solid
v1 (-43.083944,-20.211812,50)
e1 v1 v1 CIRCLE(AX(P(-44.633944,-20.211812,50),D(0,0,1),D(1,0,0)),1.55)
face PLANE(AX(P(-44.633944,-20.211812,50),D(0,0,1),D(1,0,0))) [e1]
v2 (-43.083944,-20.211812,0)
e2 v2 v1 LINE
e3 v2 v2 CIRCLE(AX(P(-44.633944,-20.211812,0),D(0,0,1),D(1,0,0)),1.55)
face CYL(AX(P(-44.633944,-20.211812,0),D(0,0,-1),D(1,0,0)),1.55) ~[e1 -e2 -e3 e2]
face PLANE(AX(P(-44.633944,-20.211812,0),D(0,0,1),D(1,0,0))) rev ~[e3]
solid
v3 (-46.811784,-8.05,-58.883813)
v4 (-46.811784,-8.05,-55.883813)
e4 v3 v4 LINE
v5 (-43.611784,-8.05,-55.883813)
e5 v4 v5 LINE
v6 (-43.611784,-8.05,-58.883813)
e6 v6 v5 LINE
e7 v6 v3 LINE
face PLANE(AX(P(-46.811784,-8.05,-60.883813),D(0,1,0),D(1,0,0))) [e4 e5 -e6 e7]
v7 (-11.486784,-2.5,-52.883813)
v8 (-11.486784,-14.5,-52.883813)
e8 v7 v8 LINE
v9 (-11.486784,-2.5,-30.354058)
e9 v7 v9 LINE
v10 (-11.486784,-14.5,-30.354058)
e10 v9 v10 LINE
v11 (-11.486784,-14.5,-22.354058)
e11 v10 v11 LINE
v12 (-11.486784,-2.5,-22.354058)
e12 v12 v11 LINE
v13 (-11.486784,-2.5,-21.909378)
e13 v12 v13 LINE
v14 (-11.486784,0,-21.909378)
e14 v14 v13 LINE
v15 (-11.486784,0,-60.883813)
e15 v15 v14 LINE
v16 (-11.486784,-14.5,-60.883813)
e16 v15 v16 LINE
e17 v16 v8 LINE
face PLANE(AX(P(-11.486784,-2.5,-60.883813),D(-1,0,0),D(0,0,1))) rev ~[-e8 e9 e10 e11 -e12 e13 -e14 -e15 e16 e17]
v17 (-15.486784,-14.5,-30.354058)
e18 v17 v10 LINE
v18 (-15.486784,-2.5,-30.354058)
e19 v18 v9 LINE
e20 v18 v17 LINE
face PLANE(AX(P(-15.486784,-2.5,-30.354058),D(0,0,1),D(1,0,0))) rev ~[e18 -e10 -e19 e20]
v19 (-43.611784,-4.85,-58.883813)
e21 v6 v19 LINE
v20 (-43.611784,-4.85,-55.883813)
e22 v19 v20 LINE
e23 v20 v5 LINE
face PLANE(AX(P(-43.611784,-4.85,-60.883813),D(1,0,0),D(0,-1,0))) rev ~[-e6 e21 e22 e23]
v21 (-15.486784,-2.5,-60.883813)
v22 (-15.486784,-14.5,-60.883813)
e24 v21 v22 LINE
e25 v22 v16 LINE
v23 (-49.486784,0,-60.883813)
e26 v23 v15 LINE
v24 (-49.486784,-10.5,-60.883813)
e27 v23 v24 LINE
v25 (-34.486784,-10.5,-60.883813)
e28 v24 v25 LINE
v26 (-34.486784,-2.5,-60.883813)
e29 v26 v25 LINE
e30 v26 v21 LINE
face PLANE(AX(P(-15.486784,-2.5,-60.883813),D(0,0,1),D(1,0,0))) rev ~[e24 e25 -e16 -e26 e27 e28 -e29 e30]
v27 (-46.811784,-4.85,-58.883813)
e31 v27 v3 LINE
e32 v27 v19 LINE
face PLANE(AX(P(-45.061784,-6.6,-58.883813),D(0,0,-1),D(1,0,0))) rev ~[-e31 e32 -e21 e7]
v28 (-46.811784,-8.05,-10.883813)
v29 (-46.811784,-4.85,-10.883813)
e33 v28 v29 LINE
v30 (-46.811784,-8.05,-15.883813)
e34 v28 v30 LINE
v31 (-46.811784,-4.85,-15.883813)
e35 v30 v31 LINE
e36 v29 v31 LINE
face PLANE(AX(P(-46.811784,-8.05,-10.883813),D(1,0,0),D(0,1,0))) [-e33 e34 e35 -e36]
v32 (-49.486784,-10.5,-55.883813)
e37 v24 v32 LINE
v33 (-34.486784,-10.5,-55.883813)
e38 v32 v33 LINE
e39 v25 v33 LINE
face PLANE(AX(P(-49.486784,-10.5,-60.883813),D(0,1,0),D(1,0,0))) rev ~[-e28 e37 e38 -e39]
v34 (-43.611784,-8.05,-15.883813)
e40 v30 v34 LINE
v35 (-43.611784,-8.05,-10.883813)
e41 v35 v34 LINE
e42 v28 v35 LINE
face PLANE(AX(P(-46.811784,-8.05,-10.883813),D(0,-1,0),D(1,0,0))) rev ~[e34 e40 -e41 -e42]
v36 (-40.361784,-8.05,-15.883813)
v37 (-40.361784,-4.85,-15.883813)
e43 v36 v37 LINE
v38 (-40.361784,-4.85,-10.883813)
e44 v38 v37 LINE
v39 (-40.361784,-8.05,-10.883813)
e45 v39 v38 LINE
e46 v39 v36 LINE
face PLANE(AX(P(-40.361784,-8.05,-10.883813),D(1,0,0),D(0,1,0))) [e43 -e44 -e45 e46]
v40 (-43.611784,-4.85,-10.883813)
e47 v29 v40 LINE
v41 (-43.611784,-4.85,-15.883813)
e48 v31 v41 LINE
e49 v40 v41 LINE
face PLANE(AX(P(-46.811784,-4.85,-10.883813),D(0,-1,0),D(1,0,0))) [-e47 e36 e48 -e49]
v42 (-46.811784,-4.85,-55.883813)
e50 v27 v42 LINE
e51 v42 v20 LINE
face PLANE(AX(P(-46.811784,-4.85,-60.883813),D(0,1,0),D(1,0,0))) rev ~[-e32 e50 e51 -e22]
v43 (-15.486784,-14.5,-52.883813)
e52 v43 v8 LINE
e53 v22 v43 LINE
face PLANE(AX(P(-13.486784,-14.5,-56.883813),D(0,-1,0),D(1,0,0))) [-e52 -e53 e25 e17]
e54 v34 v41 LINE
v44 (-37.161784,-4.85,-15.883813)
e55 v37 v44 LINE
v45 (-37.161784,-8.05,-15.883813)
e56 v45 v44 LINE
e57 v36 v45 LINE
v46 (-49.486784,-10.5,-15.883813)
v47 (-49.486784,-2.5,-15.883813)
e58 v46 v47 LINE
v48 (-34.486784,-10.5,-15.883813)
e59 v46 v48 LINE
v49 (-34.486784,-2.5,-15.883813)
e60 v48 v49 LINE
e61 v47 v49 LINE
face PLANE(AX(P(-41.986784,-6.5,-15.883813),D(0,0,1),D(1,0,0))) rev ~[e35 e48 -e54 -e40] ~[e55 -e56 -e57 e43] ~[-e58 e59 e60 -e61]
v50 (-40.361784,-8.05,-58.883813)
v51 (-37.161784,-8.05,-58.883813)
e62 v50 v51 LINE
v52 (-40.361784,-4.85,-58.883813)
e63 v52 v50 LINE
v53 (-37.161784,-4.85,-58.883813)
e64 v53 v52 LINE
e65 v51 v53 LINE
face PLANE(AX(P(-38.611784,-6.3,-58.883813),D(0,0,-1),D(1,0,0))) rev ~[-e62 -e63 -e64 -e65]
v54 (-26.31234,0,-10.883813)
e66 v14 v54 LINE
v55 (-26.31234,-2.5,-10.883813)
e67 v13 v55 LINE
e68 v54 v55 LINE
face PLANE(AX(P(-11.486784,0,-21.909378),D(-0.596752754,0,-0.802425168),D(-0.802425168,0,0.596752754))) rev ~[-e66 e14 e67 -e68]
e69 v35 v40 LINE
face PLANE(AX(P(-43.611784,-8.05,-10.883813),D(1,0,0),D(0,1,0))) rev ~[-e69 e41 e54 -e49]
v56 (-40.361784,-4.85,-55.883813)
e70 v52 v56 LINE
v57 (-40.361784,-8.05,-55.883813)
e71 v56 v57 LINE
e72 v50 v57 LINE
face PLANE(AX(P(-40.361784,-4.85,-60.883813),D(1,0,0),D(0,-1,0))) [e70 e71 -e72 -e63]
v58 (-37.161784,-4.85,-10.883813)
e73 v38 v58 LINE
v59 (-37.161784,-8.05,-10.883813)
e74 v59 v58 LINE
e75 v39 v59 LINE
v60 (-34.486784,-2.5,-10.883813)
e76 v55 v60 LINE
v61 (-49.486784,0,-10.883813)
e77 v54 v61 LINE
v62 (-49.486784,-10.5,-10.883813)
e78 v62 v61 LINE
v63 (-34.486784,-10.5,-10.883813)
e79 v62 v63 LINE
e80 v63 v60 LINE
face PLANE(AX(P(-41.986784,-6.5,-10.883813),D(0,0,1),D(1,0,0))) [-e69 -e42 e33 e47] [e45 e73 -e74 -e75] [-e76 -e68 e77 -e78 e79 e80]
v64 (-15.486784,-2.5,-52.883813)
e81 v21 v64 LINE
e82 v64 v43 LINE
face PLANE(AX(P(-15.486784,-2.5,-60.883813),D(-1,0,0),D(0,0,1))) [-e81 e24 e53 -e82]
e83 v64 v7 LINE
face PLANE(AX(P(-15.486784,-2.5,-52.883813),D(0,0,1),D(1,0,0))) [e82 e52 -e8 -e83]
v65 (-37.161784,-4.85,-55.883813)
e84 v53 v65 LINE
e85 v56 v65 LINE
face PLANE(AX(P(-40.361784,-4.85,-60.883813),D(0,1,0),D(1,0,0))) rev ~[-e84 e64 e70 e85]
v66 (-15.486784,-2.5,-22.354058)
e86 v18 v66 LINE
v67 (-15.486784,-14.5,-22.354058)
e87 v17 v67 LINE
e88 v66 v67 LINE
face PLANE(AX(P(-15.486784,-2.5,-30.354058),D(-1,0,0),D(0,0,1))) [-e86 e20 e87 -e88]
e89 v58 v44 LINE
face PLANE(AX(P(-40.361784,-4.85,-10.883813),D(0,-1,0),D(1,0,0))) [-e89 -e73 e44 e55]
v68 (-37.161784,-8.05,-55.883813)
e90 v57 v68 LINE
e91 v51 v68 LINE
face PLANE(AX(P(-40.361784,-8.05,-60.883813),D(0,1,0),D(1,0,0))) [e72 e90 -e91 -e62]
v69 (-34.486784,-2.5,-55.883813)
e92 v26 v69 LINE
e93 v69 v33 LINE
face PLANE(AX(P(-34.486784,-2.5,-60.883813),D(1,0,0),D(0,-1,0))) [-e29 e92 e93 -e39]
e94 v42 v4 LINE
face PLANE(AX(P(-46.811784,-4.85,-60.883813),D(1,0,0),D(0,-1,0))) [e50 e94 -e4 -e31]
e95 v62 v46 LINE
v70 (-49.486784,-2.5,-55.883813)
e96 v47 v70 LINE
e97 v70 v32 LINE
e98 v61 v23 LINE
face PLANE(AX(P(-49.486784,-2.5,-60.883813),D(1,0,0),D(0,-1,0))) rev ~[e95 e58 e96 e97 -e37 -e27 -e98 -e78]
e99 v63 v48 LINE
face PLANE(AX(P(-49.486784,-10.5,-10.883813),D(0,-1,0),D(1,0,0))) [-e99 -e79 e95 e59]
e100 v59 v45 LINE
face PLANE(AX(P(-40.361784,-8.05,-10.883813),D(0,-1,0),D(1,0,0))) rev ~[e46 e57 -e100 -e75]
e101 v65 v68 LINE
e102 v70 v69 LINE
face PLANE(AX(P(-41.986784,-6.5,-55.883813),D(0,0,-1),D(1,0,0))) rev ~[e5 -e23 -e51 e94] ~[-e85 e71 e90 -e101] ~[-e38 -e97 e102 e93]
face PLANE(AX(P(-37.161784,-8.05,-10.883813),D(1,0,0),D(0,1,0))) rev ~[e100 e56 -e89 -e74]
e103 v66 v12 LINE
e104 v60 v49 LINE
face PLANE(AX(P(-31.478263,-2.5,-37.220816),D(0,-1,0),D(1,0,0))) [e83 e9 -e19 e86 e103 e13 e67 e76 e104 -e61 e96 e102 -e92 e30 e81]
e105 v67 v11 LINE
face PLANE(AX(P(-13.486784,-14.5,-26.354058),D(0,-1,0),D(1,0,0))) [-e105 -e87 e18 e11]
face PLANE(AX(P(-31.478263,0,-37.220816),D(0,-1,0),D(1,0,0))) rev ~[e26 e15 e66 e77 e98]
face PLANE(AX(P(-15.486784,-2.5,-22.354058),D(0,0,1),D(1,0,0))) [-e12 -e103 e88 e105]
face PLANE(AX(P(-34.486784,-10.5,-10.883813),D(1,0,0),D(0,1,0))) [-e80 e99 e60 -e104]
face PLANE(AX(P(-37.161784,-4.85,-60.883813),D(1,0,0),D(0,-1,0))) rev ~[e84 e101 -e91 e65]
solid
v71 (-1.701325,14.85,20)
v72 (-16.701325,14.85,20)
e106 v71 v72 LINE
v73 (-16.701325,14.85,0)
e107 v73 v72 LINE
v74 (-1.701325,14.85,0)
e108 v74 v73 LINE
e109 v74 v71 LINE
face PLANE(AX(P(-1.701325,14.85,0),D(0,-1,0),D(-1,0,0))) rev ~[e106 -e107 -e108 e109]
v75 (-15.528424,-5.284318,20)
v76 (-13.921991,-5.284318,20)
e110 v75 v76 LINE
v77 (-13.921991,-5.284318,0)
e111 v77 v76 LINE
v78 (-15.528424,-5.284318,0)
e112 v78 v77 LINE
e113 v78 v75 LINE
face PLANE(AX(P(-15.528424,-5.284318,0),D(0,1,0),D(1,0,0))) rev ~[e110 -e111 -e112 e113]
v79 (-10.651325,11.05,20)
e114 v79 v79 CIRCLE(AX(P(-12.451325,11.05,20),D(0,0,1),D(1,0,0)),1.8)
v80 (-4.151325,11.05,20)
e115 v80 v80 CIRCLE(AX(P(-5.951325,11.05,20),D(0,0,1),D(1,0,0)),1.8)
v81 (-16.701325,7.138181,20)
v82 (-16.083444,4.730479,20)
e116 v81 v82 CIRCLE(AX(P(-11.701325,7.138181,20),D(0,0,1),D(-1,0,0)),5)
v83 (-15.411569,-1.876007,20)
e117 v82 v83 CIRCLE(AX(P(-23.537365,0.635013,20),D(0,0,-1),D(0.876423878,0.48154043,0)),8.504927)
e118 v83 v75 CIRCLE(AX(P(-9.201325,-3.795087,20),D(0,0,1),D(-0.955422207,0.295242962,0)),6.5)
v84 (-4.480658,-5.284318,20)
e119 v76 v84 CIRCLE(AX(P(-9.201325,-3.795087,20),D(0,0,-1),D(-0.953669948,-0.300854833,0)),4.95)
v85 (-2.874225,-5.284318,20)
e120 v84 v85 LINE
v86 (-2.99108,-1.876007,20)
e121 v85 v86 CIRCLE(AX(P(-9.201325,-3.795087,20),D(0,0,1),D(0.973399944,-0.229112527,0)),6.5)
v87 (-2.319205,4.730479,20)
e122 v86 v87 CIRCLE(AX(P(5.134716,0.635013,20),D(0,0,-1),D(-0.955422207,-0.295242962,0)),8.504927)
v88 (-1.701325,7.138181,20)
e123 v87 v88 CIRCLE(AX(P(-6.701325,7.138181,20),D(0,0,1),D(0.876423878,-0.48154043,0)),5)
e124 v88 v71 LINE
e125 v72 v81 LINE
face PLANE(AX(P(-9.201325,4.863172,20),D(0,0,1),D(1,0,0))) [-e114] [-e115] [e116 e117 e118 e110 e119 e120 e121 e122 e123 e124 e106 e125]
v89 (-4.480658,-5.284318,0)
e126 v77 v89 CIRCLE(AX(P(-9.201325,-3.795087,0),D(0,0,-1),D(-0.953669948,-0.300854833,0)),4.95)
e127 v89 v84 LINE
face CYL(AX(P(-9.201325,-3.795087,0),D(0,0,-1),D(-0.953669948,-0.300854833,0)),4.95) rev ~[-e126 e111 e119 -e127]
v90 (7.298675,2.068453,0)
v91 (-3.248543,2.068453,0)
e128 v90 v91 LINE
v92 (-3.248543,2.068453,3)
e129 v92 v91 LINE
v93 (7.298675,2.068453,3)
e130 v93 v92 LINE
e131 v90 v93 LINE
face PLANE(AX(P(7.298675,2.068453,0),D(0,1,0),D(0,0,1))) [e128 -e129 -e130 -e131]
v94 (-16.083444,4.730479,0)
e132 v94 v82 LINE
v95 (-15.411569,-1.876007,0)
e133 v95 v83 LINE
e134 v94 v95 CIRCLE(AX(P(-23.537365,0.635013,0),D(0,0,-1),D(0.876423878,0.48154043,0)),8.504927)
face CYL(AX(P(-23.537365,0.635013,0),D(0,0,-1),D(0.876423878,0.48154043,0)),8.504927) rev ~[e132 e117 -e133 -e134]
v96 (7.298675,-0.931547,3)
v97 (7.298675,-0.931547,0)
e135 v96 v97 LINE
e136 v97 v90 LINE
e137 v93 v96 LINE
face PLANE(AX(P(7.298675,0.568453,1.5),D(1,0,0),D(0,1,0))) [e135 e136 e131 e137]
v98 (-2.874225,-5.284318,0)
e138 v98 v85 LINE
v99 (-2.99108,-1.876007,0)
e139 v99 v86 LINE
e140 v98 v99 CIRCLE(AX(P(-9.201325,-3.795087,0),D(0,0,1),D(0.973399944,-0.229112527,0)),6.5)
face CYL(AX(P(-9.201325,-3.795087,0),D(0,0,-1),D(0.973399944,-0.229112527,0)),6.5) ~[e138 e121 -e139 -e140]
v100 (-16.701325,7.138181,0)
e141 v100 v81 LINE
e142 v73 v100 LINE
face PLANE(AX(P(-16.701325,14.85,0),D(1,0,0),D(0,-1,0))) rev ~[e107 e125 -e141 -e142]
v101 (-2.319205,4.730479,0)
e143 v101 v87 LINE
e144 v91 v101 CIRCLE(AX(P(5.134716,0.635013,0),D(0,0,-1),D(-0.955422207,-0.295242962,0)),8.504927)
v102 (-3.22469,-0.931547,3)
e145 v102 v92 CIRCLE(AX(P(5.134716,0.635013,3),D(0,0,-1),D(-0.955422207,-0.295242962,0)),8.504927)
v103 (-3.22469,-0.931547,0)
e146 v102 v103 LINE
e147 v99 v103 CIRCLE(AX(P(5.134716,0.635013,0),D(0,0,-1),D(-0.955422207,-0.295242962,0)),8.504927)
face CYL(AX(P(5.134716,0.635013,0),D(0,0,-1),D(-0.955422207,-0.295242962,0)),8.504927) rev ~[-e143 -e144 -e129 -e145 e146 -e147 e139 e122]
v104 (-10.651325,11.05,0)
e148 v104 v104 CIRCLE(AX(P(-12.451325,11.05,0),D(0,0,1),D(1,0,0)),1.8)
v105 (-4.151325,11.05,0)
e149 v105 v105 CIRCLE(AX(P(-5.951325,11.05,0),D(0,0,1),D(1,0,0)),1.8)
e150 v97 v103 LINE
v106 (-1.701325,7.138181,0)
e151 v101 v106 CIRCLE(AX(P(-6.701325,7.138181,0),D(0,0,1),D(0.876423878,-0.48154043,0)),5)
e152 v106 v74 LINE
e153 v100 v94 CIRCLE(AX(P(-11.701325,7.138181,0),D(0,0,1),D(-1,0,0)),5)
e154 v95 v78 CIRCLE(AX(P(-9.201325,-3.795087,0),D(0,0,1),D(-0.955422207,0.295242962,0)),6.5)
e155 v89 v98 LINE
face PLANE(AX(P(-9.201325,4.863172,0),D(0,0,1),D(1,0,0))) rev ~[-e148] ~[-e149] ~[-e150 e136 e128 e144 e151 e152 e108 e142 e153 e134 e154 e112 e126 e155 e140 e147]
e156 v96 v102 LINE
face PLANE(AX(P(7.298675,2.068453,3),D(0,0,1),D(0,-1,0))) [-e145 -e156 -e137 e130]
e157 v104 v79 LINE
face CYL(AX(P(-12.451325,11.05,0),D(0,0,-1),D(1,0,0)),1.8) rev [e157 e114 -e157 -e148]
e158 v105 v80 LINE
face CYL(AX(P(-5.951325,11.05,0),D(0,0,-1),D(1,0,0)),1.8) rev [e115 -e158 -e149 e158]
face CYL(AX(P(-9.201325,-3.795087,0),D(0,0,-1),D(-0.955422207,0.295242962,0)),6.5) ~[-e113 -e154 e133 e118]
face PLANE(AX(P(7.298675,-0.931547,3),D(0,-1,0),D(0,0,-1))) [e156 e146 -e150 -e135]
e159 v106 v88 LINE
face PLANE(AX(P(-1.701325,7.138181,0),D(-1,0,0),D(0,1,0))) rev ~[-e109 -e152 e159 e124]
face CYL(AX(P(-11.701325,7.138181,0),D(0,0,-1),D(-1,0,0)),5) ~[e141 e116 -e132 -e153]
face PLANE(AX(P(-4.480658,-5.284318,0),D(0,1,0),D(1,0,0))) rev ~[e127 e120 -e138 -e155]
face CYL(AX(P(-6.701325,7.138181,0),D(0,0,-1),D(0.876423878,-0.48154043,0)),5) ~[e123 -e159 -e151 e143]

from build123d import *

# Parameters (mm, degrees)
F0_R      = 1.8
F1_DEPTH  = 20
F2_R      = 1.55
F3_DEPTH  = 50
F5_DEPTH  = 2.5
F7_W      = 15
F7_H      = 8
F7_W_2    = 3.2
F7_H_2    = 3.2
F8_DEPTH  = 5
F10_W     = 15
F10_H     = 8
F10_W_2   = 3.2
F10_H_2   = 3.2
F11_DEPTH = 5
F8_FACE_W = 3.2
F8_FACE_H = 3.2
F12_DEPTH = 5
F13_DEPTH = 5
F15_W     = 3.5
F15_H     = 3.5
F16_DEPTH = 2
F21_W     = 4
F21_H     = 8
F22_DEPTH = 12


with BuildPart() as f1:
    # F0 (on Top) → F1 (new body)
    with BuildSketch(Plane.XY):
        with BuildLine():
            Line((-1.7013245255, 14.85), (-16.7013245255, 14.85))
            Line((-16.7013245255, 14.85), (-16.7013245255, 7.138181035))
            ThreePointArc((-16.7013245255, 7.138181035), (-16.5443915782, 5.8953208166), (-16.0834439164, 4.730478885))
            ThreePointArc((-16.0834439164, 4.730478885), (-15.0760818808, 1.4955191332), (-15.4115688703, -1.8760074271))
            ThreePointArc((-15.4115688703, -1.8760074271), (-15.6975075526, -3.5723624586), (-15.5284241586, -5.2843181032))
            Line((-15.5284241586, -5.2843181032), (-13.9219907673, -5.2843181032))
            ThreePointArc((-13.9219907673, -5.2843181032), (-9.2013245255, 1.1549133205), (-4.4806582836, -5.2843181032))
            Line((-4.4806582836, -5.2843181032), (-2.8742248924, -5.2843181032))
            ThreePointArc((-2.8742248924, -5.2843181032), (-2.7051414984, -3.5723624586), (-2.9910801806, -1.8760074271))
            ThreePointArc((-2.9910801806, -1.8760074271), (-3.3265671701, 1.4955191332), (-2.3192051345, 4.730478885))
            ThreePointArc((-2.3192051345, 4.730478885), (-1.8582574727, 5.8953208166), (-1.7013245255, 7.138181035))
            Line((-1.7013245255, 7.138181035), (-1.7013245255, 14.85))
        make_face()
        with Locations((-12.4513245255, 11.05)):
            Circle(F0_R, mode=Mode.SUBTRACT)
        with Locations((-5.9513245255, 11.05)):
            Circle(F0_R, mode=Mode.SUBTRACT)
    extrude(amount=F1_DEPTH)

    # F18 (on offset) → F19 (join, up to the next surface of F1)
    with BuildSketch(Plane.YZ.offset(7.2986754745)):
        Polygon((-0.9315468051, 3), (-0.9315468051, 0), (1.5240813373, 0), (2.0684531949, 0), (2.0684531949, 3), align=None)
    extrude(until=Until.NEXT, dir=(-1, 0, 0))


with BuildPart() as f3:
    # F2 (on Top) → F3 (new body)
    with BuildSketch(Plane.XY):
        with Locations((-44.6339435875, -20.2118121088)):
            Circle(F2_R)
    extrude(amount=F3_DEPTH)


with BuildPart() as f5:
    # F4 (on Front) → F5 (new body)
    with BuildSketch(Plane.XZ):
        Polygon((-26.3123400509, -10.8838126063), (-49.4867837727, -10.8838126063), (-49.4867837727, -60.8838126063), (-11.4867837727, -60.8838126063), (-11.4867837727, -21.909378469), align=None)
    extrude(amount=F5_DEPTH)

    # F7 (on offset) → F8 (join)
    with BuildSketch(Plane.XY.offset(-10.8838126063)):
        with Locations((-41.9867837727, -6.5)):
            Rectangle(F7_W, F7_H)
        with Locations((-45.2117837727, -6.45)):
            Rectangle(F7_W_2, F7_H_2, mode=Mode.SUBTRACT)
        with Locations((-38.7617837727, -6.45)):
            Rectangle(F7_W_2, F7_H_2, mode=Mode.SUBTRACT)
    extrude(amount=-F8_DEPTH)

    # F10 (on offset) → F11 (join)
    with BuildSketch(Plane(origin=(0, 0, -60.8838126063), x_dir=(1, 0, 0), z_dir=(0, 0, -1))):
        with Locations((-41.9867837727, 6.5)):
            Rectangle(F10_W, F10_H)
        with Locations((-45.2117837727, 6.45)):
            Rectangle(F10_W_2, F10_H_2, mode=Mode.SUBTRACT)
        with Locations((-38.7617837727, 6.45)):
            Rectangle(F10_W_2, F10_H_2, mode=Mode.SUBTRACT)
    extrude(amount=-F11_DEPTH)

    # F7 (on offset) + F8_face (on face) → F12 (join)
    with BuildSketch(Plane.XY.offset(-10.8838126063)):
        with Locations((-41.9867837727, -6.5)):
            Rectangle(F7_W, F7_H)
        with Locations((-45.2117837727, -6.45)):
            Rectangle(F7_W_2, F7_H_2, mode=Mode.SUBTRACT)
        with Locations((-38.7617837727, -6.45)):
            Rectangle(F7_W_2, F7_H_2, mode=Mode.SUBTRACT)
    with BuildSketch(Plane(origin=(-40.4828870136, -4.5747614355, -10.8838126063), x_dir=(1, 0, 0), z_dir=(0, 0, 1))):
        Polygon((14.1705469627, 2.0747614355), (14.1705469627, 4.5747614355), (-9.0038967591, 4.5747614355), (-9.0038967591, -5.9252385645), (5.9961032409, -5.9252385645), (5.9961032409, 2.0747614355), align=None)
        with Locations((1.7211032409, -1.8752385645)):
            Rectangle(F8_FACE_W, F8_FACE_H, mode=Mode.SUBTRACT)
        with Locations((-4.7288967591, -1.8752385645)):
            Rectangle(F8_FACE_W, F8_FACE_H, mode=Mode.SUBTRACT)
    extrude(amount=-F12_DEPTH)

    # F10 (on offset) → F13 (join)
    with BuildSketch(Plane(origin=(0, 0, -60.8838126063), x_dir=(1, 0, 0), z_dir=(0, 0, -1))):
        with Locations((-41.9867837727, 6.5)):
            Rectangle(F10_W, F10_H)
        with Locations((-45.2117837727, 6.45)):
            Rectangle(F10_W_2, F10_H_2, mode=Mode.SUBTRACT)
        with Locations((-38.7617837727, 6.45)):
            Rectangle(F10_W_2, F10_H_2, mode=Mode.SUBTRACT)
    extrude(amount=-F13_DEPTH)

    # F15 (on offset) → F16 (join)
    with BuildSketch(Plane(origin=(0, 0, -60.8838126063), x_dir=(1, 0, 0), z_dir=(0, 0, -1))):
        with Locations((-38.6117837727, 6.3)):
            Rectangle(F15_W, F15_H)
        with Locations((-45.0617837727, 6.6)):
            Rectangle(F15_W, F15_H)
    extrude(amount=-F16_DEPTH)

    # F21 (on offset) → F22 (join)
    with BuildSketch(Plane.XZ.offset(2.5)):
        with Locations((-13.4867837727, -56.8838126063)):
            Rectangle(F21_W, F21_H)
        with Locations((-13.4867837727, -26.35405837)):
            Rectangle(F21_W, F21_H)
    extrude(amount=F22_DEPTH)


solid = Compound([f1.part, f3.part, f5.part])
